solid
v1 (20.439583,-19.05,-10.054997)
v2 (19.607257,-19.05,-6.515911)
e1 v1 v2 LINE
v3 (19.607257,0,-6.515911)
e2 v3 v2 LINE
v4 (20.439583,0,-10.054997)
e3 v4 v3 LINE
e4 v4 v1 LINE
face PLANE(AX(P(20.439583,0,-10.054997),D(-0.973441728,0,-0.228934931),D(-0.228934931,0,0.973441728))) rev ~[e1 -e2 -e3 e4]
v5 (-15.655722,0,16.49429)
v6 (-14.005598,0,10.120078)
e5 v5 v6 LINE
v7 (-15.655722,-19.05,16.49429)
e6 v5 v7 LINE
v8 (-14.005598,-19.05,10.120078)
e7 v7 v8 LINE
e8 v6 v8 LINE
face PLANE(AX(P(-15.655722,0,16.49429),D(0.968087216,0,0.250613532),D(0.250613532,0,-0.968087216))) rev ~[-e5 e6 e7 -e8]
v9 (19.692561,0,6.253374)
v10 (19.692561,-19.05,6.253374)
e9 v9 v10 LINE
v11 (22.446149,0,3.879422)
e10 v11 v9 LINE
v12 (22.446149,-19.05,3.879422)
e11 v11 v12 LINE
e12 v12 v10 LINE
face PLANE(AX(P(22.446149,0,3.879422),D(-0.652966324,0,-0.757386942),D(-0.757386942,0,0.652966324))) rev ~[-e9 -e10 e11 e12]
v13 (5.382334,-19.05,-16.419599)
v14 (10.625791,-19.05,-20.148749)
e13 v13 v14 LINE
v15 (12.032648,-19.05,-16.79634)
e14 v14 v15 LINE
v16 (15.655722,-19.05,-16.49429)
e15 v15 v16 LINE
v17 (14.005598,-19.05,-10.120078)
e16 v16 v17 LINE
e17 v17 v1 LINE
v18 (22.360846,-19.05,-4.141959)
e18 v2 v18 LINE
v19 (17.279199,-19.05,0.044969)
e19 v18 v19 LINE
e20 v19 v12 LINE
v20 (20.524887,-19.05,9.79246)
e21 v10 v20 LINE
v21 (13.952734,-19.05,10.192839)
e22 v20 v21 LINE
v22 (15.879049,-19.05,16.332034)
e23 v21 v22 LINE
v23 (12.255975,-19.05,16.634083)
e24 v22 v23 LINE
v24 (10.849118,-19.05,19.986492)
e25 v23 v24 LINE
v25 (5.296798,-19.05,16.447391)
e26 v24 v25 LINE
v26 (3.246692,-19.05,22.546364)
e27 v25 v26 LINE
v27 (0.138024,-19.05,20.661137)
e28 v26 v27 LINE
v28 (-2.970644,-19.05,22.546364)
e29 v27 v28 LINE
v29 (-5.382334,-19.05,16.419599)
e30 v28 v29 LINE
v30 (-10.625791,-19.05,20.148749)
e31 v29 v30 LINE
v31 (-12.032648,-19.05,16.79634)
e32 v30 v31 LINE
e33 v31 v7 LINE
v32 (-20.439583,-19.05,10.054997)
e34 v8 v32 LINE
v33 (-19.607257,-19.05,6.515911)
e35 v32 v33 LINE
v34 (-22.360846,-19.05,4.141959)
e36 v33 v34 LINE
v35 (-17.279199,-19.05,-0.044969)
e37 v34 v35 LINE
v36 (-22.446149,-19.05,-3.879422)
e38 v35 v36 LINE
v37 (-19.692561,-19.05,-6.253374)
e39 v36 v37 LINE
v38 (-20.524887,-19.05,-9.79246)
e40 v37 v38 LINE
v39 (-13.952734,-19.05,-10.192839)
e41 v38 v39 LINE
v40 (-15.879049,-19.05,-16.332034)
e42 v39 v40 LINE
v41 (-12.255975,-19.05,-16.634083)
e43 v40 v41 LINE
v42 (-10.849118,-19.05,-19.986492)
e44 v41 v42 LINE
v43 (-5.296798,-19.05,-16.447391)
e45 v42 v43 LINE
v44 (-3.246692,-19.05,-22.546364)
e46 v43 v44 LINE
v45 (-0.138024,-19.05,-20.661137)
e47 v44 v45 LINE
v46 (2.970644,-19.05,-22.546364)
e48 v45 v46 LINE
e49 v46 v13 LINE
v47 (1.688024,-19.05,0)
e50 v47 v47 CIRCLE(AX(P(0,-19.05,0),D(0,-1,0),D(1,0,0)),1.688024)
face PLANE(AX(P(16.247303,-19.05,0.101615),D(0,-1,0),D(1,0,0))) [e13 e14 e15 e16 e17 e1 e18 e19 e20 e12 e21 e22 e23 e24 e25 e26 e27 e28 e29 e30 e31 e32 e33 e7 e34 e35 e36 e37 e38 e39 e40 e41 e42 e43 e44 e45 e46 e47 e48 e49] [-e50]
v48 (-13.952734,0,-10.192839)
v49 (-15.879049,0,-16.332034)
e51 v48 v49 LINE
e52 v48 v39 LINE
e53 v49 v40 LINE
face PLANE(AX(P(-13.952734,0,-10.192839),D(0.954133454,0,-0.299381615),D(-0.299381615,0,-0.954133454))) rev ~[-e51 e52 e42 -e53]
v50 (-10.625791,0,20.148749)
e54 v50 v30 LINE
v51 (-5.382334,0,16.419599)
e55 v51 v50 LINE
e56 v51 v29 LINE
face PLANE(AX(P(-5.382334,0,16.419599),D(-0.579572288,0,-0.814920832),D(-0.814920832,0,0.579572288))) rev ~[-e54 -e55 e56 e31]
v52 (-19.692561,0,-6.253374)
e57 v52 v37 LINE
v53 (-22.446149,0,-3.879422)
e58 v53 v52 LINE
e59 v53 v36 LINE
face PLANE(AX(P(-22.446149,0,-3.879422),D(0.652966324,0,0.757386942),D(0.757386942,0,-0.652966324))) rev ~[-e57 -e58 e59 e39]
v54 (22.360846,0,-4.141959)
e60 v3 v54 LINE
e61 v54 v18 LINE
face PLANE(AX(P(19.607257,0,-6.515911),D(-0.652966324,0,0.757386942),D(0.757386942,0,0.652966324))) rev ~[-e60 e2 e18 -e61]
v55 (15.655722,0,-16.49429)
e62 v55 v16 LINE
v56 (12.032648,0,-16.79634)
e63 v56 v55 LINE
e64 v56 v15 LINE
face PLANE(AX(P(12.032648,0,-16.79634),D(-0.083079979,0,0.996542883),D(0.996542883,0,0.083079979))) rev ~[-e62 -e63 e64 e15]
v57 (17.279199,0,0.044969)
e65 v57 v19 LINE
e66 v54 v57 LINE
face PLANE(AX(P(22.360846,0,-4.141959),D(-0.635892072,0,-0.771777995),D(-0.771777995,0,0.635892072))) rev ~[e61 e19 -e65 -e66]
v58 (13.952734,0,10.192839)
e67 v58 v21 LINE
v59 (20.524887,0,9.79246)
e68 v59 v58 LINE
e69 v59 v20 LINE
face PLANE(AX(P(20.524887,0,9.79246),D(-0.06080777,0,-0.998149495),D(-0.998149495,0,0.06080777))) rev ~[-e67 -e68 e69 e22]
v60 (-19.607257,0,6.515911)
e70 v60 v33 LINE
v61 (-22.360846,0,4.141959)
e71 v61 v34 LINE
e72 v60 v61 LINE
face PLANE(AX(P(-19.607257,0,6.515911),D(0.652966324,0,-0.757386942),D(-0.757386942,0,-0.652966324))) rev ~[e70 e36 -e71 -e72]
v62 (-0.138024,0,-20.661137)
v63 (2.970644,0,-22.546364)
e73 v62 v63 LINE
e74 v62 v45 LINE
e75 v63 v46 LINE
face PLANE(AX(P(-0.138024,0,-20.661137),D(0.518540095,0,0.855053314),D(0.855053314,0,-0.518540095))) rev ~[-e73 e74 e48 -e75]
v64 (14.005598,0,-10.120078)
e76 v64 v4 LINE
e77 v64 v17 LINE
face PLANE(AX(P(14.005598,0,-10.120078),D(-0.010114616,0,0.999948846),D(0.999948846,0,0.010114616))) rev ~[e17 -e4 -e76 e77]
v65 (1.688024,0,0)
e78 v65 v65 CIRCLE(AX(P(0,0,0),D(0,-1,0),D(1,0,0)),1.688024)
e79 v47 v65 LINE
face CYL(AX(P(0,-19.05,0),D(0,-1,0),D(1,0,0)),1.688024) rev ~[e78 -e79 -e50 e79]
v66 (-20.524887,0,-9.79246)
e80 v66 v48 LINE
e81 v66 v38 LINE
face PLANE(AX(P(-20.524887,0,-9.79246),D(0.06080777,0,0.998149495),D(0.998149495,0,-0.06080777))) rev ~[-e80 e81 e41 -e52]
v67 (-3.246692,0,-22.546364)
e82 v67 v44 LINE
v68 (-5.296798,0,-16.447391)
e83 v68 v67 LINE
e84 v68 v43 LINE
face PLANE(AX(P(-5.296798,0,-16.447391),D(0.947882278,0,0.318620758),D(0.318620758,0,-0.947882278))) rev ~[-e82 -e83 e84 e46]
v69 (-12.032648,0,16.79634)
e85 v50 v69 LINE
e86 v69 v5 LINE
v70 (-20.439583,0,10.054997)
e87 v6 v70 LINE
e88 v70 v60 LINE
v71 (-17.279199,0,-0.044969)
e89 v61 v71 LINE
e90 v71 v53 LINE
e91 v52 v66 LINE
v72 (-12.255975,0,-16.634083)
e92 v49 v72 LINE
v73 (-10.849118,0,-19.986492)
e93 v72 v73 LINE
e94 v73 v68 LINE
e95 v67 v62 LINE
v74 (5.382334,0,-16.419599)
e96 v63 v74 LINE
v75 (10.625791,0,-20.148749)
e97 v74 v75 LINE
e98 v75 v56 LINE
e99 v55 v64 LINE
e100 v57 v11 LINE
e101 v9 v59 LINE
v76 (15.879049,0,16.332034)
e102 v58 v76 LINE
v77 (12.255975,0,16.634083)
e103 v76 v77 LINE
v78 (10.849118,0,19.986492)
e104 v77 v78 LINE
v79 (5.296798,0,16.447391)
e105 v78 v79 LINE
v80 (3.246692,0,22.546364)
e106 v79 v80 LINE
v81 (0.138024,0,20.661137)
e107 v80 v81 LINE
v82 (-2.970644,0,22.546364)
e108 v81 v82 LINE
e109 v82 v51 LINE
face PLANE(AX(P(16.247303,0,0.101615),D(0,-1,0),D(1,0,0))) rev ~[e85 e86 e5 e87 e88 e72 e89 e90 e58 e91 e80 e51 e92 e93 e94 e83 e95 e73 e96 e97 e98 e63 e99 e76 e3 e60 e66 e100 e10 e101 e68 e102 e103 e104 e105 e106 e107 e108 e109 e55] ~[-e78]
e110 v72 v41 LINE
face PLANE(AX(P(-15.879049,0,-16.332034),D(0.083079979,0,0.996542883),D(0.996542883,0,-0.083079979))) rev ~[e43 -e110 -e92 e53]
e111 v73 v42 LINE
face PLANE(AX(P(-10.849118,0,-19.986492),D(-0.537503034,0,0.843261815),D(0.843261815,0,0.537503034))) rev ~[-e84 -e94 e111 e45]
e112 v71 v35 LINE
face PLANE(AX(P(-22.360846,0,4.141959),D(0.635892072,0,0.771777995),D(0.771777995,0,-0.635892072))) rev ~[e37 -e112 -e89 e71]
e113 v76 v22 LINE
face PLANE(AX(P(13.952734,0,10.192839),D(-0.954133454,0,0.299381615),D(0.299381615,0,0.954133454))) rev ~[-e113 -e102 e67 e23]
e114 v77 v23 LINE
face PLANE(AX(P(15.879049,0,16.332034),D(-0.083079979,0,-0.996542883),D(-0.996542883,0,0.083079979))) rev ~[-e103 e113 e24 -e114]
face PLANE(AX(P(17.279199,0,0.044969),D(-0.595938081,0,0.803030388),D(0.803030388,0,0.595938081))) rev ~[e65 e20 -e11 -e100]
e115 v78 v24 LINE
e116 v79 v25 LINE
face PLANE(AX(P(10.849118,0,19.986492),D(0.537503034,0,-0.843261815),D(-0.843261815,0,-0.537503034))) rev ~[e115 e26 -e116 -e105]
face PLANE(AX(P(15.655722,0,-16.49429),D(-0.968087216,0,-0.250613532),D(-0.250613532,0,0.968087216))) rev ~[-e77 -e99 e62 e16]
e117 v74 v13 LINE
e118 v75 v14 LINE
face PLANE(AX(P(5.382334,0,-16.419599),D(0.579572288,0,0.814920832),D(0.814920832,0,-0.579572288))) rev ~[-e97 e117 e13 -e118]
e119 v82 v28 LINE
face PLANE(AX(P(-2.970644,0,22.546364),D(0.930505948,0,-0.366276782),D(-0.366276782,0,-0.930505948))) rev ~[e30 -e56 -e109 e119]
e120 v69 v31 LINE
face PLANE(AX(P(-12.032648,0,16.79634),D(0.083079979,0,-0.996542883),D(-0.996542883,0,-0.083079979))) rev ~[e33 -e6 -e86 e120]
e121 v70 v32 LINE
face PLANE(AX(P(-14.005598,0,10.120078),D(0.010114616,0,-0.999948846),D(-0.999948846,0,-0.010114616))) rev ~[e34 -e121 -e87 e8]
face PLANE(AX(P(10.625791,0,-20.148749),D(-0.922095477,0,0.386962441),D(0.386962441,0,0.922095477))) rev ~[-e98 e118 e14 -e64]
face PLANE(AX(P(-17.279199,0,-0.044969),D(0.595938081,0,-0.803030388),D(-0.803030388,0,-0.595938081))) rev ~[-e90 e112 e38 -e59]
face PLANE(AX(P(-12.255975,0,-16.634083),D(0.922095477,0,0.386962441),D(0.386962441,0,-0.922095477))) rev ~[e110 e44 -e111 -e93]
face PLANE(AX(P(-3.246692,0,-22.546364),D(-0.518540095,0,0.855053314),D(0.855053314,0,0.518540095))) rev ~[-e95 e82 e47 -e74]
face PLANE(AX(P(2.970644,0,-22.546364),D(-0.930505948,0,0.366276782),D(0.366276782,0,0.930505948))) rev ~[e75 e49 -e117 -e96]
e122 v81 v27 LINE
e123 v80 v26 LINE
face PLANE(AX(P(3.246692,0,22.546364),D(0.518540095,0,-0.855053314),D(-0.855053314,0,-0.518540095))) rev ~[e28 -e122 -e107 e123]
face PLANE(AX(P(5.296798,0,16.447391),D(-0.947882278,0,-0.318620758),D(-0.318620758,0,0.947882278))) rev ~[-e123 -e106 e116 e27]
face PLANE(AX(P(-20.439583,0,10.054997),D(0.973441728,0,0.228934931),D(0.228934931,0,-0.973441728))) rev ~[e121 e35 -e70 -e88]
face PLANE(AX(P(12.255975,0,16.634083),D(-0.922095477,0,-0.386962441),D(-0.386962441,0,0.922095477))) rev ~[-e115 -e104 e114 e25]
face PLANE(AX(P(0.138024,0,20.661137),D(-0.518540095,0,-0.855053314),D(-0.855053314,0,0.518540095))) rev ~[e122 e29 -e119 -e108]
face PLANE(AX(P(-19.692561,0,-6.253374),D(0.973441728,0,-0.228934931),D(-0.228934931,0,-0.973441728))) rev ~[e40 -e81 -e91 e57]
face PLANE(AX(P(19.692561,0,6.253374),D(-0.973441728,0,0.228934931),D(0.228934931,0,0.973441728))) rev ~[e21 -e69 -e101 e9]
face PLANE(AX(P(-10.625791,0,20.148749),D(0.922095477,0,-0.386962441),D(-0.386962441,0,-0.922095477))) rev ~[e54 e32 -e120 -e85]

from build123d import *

# Parameters (mm, degrees)
F1_DEPTH = 19.05
F2_R     = 1.6880243077
F3_DEPTH = 19.05
F4_DEPTH = 19.05


with BuildPart() as f1:
    # F0 (on Front) → F1 (new body)
    with BuildSketch(Plane.XZ):
        with BuildLine():
            ThreePointArc((15.778162915, -1.0689673082), (15.8052876039, -0.5347895271), (15.8143326157, 0))
            ThreePointArc((15.8143326157, 0), (15.8010341981, 0.6484090916), (15.7611613108, 1.2957276769))
            ThreePointArc((15.7611613108, 1.2957276769), (15.0048006195, 4.9949048489), (13.3931251572, 8.4093587509))
            ThreePointArc((13.3931251572, 8.4093587509), (12.7269029213, 9.3871751934), (11.9894377321, 10.3124438882))
            ThreePointArc((11.9894377321, 10.3124438882), (9.2032072916, 12.8605634257), (5.8923688049, 14.6755955908))
            ThreePointArc((5.8923688049, 14.6755955908), (4.7786376097, 15.0750701051), (3.6381564457, 15.3901570413))
            ThreePointArc((3.6381564457, 15.3901570413), (-0.1136984162, 15.8139238884), (-3.8590721566, 15.3362537202))
            ThreePointArc((-3.8590721566, 15.3362537202), (-4.9949048489, 15.0048006195), (-6.1027769466, 14.5893532968))
            ThreePointArc((-6.1027769466, 14.5893532968), (-9.3871751934, 12.7269029213), (-12.1364787193, 10.1389841885))
            ThreePointArc((-12.1364787193, 10.1389841885), (-12.8605634257, 9.2032072916), (-13.512656971, 8.2159124668))
            ThreePointArc((-13.512656971, 8.2159124668), (-15.0750701051, 4.7786376097), (-15.778162915, 1.0689673082))
            ThreePointArc((-15.778162915, 1.0689673082), (-15.8139238884, -0.1136984162), (-15.7611613108, -1.2957276769))
            ThreePointArc((-15.7611613108, -1.2957276769), (-15.0048006195, -4.9949048489), (-13.3931251572, -8.4093587509))
            ThreePointArc((-13.3931251572, -8.4093587509), (-12.7269029213, -9.3871751934), (-11.9894377321, -10.3124438882))
            ThreePointArc((-11.9894377321, -10.3124438882), (-9.2032072916, -12.8605634257), (-5.8923688049, -14.6755955908))
            ThreePointArc((-5.8923688049, -14.6755955908), (-4.7786376097, -15.0750701051), (-3.6381564457, -15.3901570413))
            ThreePointArc((-3.6381564457, -15.3901570413), (0.1136984162, -15.8139238884), (3.8590721566, -15.3362537202))
            ThreePointArc((3.8590721566, -15.3362537202), (4.9949048489, -15.0048006195), (6.1027769466, -14.5893532968))
            ThreePointArc((6.1027769466, -14.5893532968), (9.3871751934, -12.7269029213), (12.1364787193, -10.1389841885))
            ThreePointArc((12.1364787193, -10.1389841885), (12.8605634257, -9.2032072916), (13.512656971, -8.2159124668))
            ThreePointArc((13.512656971, -8.2159124668), (15.0750701051, -4.7786376097), (15.778162915, -1.0689673082))
        make_face()
    extrude(amount=F1_DEPTH)

    # F2 (on face) → F3 (cut)
    with BuildSketch(Plane.XZ.offset(19.05)):
        Circle(F2_R)
    extrude(amount=-F3_DEPTH, mode=Mode.SUBTRACT)

    # F0 (on Front) → F4 (join)
    with BuildSketch(Plane.XZ):
        with BuildLine():
            ThreePointArc((15.7611613108, 1.2957276769), (15.8010341981, 0.6484090916), (15.8143326157, 0))
            ThreePointArc((15.8143326157, 0), (15.8052876039, -0.5347895271), (15.778162915, -1.0689673082))
            Line((15.778162915, -1.0689673082), (17.2791990232, 0.0449688409))
            Line((17.2791990232, 0.0449688409), (15.7611613108, 1.2957276769))
        make_face()
        with BuildLine():
            ThreePointArc((13.3931251572, 8.4093587509), (15.0048006195, 4.9949048489), (15.7611613108, 1.2957276769))
            Line((15.7611613108, 1.2957276769), (17.2791990232, 0.0449688409))
            Line((17.2791990232, 0.0449688409), (22.4461490806, 3.8794218687))
            Line((22.4461490806, 3.8794218687), (19.6925609503, 6.2533739679))
            Line((19.6925609503, 6.2533739679), (20.5248865096, 9.7924600538))
            Line((20.5248865096, 9.7924600538), (13.9527336374, 10.1928389138))
            Line((13.9527336374, 10.1928389138), (13.3931251572, 8.4093587509))
        make_face()
        with BuildLine():
            Line((17.2791990232, 0.0449688409), (15.778162915, -1.0689673082))
            ThreePointArc((15.778162915, -1.0689673082), (15.0750701051, -4.7786376097), (13.512656971, -8.2159124668))
            Line((13.512656971, -8.2159124668), (14.0055976804, -10.1200778007))
            Line((14.0055976804, -10.1200778007), (20.4395830263, -10.0549971802))
            Line((20.4395830263, -10.0549971802), (19.6072574669, -6.5159110943))
            Line((19.6072574669, -6.5159110943), (22.3608455972, -4.1419589951))
            Line((22.3608455972, -4.1419589951), (17.2791990232, 0.0449688409))
        make_face()
        with BuildLine():
            ThreePointArc((11.9894377321, 10.3124438882), (12.7269029213, 9.3871751934), (13.3931251572, 8.4093587509))
            Line((13.3931251572, 8.4093587509), (13.9527336374, 10.1928389138))
            Line((13.9527336374, 10.1928389138), (11.9894377321, 10.3124438882))
        make_face()
        with BuildLine():
            Line((14.0055976804, -10.1200778007), (13.512656971, -8.2159124668))
            ThreePointArc((13.512656971, -8.2159124668), (12.8605634257, -9.2032072916), (12.1364787193, -10.1389841885))
            Line((12.1364787193, -10.1389841885), (14.0055976804, -10.1200778007))
        make_face()
        with BuildLine():
            ThreePointArc((5.8923688049, 14.6755955908), (9.2032072916, 12.8605634257), (11.9894377321, 10.3124438882))
            Line((11.9894377321, 10.3124438882), (13.9527336374, 10.1928389138))
            Line((13.9527336374, 10.1928389138), (15.8790491026, 16.3320336204))
            Line((15.8790491026, 16.3320336204), (12.2559754761, 16.6340827186))
            Line((12.2559754761, 16.6340827186), (10.8491183906, 19.9864921956))
            Line((10.8491183906, 19.9864921956), (5.2967982382, 16.4473909634))
            Line((5.2967982382, 16.4473909634), (5.8923688049, 14.6755955908))
        make_face()
        with BuildLine():
            Line((14.0055976804, -10.1200778007), (12.1364787193, -10.1389841885))
            ThreePointArc((12.1364787193, -10.1389841885), (9.3871751934, -12.7269029213), (6.1027769466, -14.5893532968))
            Line((6.1027769466, -14.5893532968), (5.3823340565, -16.4195986913))
            Line((5.3823340565, -16.4195986913), (10.6257909718, -20.148749063))
            Line((10.6257909718, -20.148749063), (12.0326480574, -16.796339586))
            Line((12.0326480574, -16.796339586), (15.6557216838, -16.4942904878))
            Line((15.6557216838, -16.4942904878), (14.0055976804, -10.1200778007))
        make_face()
        with BuildLine():
            ThreePointArc((3.6381564457, 15.3901570413), (4.7786376097, 15.0750701051), (5.8923688049, 14.6755955908))
            Line((5.8923688049, 14.6755955908), (5.2967982382, 16.4473909634))
            Line((5.2967982382, 16.4473909634), (3.6381564457, 15.3901570413))
        make_face()
        with BuildLine():
            Line((5.3823340565, -16.4195986913), (6.1027769466, -14.5893532968))
            ThreePointArc((6.1027769466, -14.5893532968), (4.9949048489, -15.0048006195), (3.8590721566, -15.3362537202))
            Line((3.8590721566, -15.3362537202), (5.3823340565, -16.4195986913))
        make_face()
        with BuildLine():
            ThreePointArc((-3.8590721566, 15.3362537202), (-0.1136984162, 15.8139238884), (3.6381564457, 15.3901570413))
            Line((3.6381564457, 15.3901570413), (5.2967982382, 16.4473909634))
            Line((5.2967982382, 16.4473909634), (3.2466920765, 22.5463636346))
            Line((3.2466920765, 22.5463636346), (0.1380239354, 20.6611372425))
            Line((0.1380239354, 20.6611372425), (-2.9706442056, 22.5463636346))
            Line((-2.9706442056, 22.5463636346), (-5.3823340565, 16.4195986913))
            Line((-5.3823340565, 16.4195986913), (-3.8590721566, 15.3362537202))
        make_face()
        with BuildLine():
            Line((5.3823340565, -16.4195986913), (3.8590721566, -15.3362537202))
            ThreePointArc((3.8590721566, -15.3362537202), (0.1136984162, -15.8139238884), (-3.6381564457, -15.3901570413))
            Line((-3.6381564457, -15.3901570413), (-5.2967982382, -16.4473909634))
            Line((-5.2967982382, -16.4473909634), (-3.2466920765, -22.5463636346))
            Line((-3.2466920765, -22.5463636346), (-0.1380239354, -20.6611372425))
            Line((-0.1380239354, -20.6611372425), (2.9706442056, -22.5463636346))
            Line((2.9706442056, -22.5463636346), (5.3823340565, -16.4195986913))
        make_face()
        with BuildLine():
            ThreePointArc((-6.1027769466, 14.5893532968), (-4.9949048489, 15.0048006195), (-3.8590721566, 15.3362537202))
            Line((-3.8590721566, 15.3362537202), (-5.3823340565, 16.4195986913))
            Line((-5.3823340565, 16.4195986913), (-6.1027769466, 14.5893532968))
        make_face()
        with BuildLine():
            Line((-5.2967982382, -16.4473909634), (-3.6381564457, -15.3901570413))
            ThreePointArc((-3.6381564457, -15.3901570413), (-4.7786376097, -15.0750701051), (-5.8923688049, -14.6755955908))
            Line((-5.8923688049, -14.6755955908), (-5.2967982382, -16.4473909634))
        make_face()
        with BuildLine():
            ThreePointArc((-12.1364787193, 10.1389841885), (-9.3871751934, 12.7269029213), (-6.1027769466, 14.5893532968))
            Line((-6.1027769466, 14.5893532968), (-5.3823340565, 16.4195986913))
            Line((-5.3823340565, 16.4195986913), (-10.6257909718, 20.148749063))
            Line((-10.6257909718, 20.148749063), (-12.0326480574, 16.796339586))
            Line((-12.0326480574, 16.796339586), (-15.6557216838, 16.4942904878))
            Line((-15.6557216838, 16.4942904878), (-14.0055976804, 10.1200778007))
            Line((-14.0055976804, 10.1200778007), (-12.1364787193, 10.1389841885))
        make_face()
        with BuildLine():
            Line((-5.2967982382, -16.4473909634), (-5.8923688049, -14.6755955908))
            ThreePointArc((-5.8923688049, -14.6755955908), (-9.2032072916, -12.8605634257), (-11.9894377321, -10.3124438882))
            Line((-11.9894377321, -10.3124438882), (-13.9527336374, -10.1928389138))
            Line((-13.9527336374, -10.1928389138), (-15.8790491026, -16.3320336204))
            Line((-15.8790491026, -16.3320336204), (-12.2559754761, -16.6340827186))
            Line((-12.2559754761, -16.6340827186), (-10.8491183906, -19.9864921956))
            Line((-10.8491183906, -19.9864921956), (-5.2967982382, -16.4473909634))
        make_face()
        with BuildLine():
            ThreePointArc((-13.512656971, 8.2159124668), (-12.8605634257, 9.2032072916), (-12.1364787193, 10.1389841885))
            Line((-12.1364787193, 10.1389841885), (-14.0055976804, 10.1200778007))
            Line((-14.0055976804, 10.1200778007), (-13.512656971, 8.2159124668))
        make_face()
        with BuildLine():
            Line((-13.9527336374, -10.1928389138), (-11.9894377321, -10.3124438882))
            ThreePointArc((-11.9894377321, -10.3124438882), (-12.7269029213, -9.3871751934), (-13.3931251572, -8.4093587509))
            Line((-13.3931251572, -8.4093587509), (-13.9527336374, -10.1928389138))
        make_face()
        with BuildLine():
            ThreePointArc((-15.778162915, 1.0689673082), (-15.0750701051, 4.7786376097), (-13.512656971, 8.2159124668))
            Line((-13.512656971, 8.2159124668), (-14.0055976804, 10.1200778007))
            Line((-14.0055976804, 10.1200778007), (-20.4395830263, 10.0549971802))
            Line((-20.4395830263, 10.0549971802), (-19.6072574669, 6.5159110943))
            Line((-19.6072574669, 6.5159110943), (-22.3608455972, 4.1419589951))
            Line((-22.3608455972, 4.1419589951), (-17.2791990232, -0.0449688409))
            Line((-17.2791990232, -0.0449688409), (-15.778162915, 1.0689673082))
        make_face()
        with BuildLine():
            Line((-13.9527336374, -10.1928389138), (-13.3931251572, -8.4093587509))
            ThreePointArc((-13.3931251572, -8.4093587509), (-15.0048006195, -4.9949048489), (-15.7611613108, -1.2957276769))
            Line((-15.7611613108, -1.2957276769), (-17.2791990232, -0.0449688409))
            Line((-17.2791990232, -0.0449688409), (-22.4461490806, -3.8794218687))
            Line((-22.4461490806, -3.8794218687), (-19.6925609503, -6.2533739679))
            Line((-19.6925609503, -6.2533739679), (-20.5248865096, -9.7924600538))
            Line((-20.5248865096, -9.7924600538), (-13.9527336374, -10.1928389138))
        make_face()
        with BuildLine():
            ThreePointArc((-15.7611613108, -1.2957276769), (-15.8139238884, -0.1136984162), (-15.778162915, 1.0689673082))
            Line((-15.778162915, 1.0689673082), (-17.2791990232, -0.0449688409))
            Line((-17.2791990232, -0.0449688409), (-15.7611613108, -1.2957276769))
        make_face()
    extrude(amount=F4_DEPTH)


solid = f1.part
